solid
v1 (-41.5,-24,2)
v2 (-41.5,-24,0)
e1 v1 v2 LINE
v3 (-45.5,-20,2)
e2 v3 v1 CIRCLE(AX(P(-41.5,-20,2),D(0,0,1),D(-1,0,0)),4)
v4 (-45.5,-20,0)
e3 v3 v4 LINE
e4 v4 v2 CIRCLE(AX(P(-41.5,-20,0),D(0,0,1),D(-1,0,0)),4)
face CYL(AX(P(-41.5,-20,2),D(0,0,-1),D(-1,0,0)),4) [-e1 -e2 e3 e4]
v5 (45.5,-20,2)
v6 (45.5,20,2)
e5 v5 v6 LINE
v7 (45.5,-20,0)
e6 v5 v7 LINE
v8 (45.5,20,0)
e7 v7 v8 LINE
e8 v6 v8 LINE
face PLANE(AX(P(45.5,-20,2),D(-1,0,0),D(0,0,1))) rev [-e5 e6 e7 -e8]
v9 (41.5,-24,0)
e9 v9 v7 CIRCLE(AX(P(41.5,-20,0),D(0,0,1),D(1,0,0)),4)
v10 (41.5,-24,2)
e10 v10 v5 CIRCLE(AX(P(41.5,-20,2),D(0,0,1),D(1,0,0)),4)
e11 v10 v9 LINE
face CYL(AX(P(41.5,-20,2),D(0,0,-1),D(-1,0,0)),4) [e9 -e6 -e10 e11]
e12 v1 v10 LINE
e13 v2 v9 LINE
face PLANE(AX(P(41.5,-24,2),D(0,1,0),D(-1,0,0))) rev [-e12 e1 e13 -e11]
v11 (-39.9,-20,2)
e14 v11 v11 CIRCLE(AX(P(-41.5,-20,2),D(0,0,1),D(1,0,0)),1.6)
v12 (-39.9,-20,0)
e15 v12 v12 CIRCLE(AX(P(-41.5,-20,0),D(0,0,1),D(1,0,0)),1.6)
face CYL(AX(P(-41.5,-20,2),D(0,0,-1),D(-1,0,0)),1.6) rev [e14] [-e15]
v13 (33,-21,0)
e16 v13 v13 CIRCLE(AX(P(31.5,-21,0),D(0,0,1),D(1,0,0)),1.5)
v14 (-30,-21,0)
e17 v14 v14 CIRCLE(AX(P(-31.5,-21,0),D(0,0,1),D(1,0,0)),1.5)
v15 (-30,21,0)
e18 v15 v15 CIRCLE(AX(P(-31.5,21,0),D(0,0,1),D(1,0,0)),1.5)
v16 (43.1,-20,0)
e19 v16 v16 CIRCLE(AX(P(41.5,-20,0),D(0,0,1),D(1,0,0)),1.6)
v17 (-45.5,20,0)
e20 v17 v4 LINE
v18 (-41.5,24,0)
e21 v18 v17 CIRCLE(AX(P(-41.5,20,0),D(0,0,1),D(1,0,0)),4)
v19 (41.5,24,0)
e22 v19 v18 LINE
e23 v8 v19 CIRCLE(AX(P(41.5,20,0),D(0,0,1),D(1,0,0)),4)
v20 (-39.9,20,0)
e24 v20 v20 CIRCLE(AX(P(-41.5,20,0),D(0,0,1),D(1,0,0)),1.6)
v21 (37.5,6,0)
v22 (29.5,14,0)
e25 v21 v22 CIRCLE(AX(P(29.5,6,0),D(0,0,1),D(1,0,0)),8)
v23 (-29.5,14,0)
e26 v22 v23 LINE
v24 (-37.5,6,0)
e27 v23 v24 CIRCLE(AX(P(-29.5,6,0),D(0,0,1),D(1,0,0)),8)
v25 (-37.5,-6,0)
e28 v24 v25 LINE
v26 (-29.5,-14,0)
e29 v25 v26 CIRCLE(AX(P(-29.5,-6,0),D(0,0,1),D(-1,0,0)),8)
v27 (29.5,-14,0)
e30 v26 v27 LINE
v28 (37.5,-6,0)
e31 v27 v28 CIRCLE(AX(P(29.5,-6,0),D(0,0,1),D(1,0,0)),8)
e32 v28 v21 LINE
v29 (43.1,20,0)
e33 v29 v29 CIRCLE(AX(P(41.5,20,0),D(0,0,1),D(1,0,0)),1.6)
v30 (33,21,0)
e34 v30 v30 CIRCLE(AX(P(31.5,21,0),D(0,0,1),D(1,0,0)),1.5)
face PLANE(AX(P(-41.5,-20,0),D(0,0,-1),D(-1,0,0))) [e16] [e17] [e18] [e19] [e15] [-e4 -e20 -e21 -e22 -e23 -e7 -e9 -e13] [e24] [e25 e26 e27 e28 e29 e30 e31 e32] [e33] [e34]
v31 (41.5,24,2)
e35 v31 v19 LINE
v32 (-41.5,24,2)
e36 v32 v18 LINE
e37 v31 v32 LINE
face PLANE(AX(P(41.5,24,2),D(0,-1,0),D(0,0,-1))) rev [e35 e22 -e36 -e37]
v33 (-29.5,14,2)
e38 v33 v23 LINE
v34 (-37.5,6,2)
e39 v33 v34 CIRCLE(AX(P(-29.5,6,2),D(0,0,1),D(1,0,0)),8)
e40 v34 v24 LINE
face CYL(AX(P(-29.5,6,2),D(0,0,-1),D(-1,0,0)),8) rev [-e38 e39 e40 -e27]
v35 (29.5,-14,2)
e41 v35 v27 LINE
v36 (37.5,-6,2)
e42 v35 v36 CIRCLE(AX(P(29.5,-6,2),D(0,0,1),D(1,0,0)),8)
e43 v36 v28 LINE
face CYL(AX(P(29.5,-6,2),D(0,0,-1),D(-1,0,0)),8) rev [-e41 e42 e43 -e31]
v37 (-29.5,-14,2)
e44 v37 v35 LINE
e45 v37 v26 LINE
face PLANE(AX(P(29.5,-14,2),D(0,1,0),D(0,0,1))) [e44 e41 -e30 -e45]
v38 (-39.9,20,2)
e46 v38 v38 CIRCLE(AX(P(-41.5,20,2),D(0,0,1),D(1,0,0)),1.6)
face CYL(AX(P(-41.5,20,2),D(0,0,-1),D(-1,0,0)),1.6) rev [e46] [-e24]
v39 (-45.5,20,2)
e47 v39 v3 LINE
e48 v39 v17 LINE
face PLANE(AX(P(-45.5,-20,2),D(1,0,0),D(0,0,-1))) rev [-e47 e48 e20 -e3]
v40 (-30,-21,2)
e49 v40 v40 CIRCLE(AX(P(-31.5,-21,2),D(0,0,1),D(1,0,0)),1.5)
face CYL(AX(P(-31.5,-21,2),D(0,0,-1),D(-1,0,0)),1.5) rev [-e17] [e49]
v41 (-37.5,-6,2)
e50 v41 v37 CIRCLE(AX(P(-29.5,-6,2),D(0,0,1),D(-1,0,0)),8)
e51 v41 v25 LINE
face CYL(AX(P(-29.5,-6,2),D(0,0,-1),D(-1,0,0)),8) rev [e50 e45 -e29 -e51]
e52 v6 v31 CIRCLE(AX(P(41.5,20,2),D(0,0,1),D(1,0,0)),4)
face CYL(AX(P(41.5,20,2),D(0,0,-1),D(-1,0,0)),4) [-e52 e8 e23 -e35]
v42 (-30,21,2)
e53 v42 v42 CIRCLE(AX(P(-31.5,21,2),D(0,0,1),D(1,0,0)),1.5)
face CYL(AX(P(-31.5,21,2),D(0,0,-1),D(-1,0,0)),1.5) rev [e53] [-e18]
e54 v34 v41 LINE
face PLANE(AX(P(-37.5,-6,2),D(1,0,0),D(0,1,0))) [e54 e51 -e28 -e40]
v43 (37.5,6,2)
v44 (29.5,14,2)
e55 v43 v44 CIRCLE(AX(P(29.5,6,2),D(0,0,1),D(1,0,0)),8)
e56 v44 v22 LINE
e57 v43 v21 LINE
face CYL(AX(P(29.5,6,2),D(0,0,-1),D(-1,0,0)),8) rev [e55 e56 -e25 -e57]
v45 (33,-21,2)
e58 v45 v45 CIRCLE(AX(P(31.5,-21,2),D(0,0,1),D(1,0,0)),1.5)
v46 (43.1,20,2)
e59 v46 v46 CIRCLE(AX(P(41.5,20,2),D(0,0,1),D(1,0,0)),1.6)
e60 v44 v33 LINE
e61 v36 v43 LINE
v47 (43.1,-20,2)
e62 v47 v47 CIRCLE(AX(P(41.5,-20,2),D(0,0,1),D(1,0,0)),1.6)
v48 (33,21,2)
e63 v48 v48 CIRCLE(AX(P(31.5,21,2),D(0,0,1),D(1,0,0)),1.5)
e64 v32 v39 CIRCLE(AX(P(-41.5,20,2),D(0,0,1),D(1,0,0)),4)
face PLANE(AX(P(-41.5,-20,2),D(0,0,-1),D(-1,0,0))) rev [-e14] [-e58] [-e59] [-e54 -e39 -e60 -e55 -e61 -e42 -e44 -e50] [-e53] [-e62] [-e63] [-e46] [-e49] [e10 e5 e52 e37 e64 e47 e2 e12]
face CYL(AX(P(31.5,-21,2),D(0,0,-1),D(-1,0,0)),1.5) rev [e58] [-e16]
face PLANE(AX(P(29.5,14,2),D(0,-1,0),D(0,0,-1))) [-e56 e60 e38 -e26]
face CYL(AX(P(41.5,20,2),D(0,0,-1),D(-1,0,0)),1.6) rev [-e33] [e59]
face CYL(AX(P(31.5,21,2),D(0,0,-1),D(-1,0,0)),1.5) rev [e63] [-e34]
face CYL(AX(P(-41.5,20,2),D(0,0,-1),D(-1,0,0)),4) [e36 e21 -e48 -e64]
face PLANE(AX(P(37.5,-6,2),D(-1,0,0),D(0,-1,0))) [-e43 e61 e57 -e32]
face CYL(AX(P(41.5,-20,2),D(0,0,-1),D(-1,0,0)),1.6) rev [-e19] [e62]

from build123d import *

# Parameters (mm, degrees)
SKETCH_1_R      = 1.5
SKETCH_1_R_2    = 1.6
EXTRUDE_1_DEPTH = 2


with BuildPart() as part:
    # 草图1 → 凸台-拉伸1 (new body)
    with BuildSketch(Plane.XY):
        with BuildLine():
            Line((41.5, -24), (-41.5, -24))
            ThreePointArc((-41.5, -24), (-44.328427125, -22.828427125), (-45.5, -20))
            Line((-45.5, -20), (-45.5, 20))
            ThreePointArc((-45.5, 20), (-44.328427125, 22.828427125), (-41.5, 24))
            Line((-41.5, 24), (41.5, 24))
            ThreePointArc((41.5, 24), (44.328427125, 22.828427125), (45.5, 20))
            Line((45.5, 20), (45.5, -20))
            ThreePointArc((45.5, -20), (44.328427125, -22.828427125), (41.5, -24))
        make_face()
        with Locations((-31.5, 21)):
            Circle(SKETCH_1_R, mode=Mode.SUBTRACT)
        with Locations((31.5, 21)):
            Circle(SKETCH_1_R, mode=Mode.SUBTRACT)
        with Locations((31.5, -21)):
            Circle(SKETCH_1_R, mode=Mode.SUBTRACT)
        with Locations((-31.5, -21)):
            Circle(SKETCH_1_R, mode=Mode.SUBTRACT)
        with Locations((-41.5, 20)):
            Circle(SKETCH_1_R_2, mode=Mode.SUBTRACT)
        with Locations((-41.5, -20)):
            Circle(SKETCH_1_R_2, mode=Mode.SUBTRACT)
        with Locations((41.5, 20)):
            Circle(SKETCH_1_R_2, mode=Mode.SUBTRACT)
        with Locations((41.5, -20)):
            Circle(SKETCH_1_R_2, mode=Mode.SUBTRACT)
        with BuildLine():
            Line((29.5, -14), (-29.5, -14))
            ThreePointArc((-29.5, -14), (-35.156854249, -11.656854249), (-37.5, -6))
            Line((-37.5, -6), (-37.5, 6))
            ThreePointArc((-37.5, 6), (-35.156854249, 11.656854249), (-29.5, 14))
            Line((-29.5, 14), (29.5, 14))
            ThreePointArc((29.5, 14), (35.156854249, 11.656854249), (37.5, 6))
            Line((37.5, 6), (37.5, -6))
            ThreePointArc((37.5, -6), (35.156854249, -11.656854249), (29.5, -14))
        make_face(mode=Mode.SUBTRACT)
    extrude(amount=EXTRUDE_1_DEPTH)


solid = part.part
